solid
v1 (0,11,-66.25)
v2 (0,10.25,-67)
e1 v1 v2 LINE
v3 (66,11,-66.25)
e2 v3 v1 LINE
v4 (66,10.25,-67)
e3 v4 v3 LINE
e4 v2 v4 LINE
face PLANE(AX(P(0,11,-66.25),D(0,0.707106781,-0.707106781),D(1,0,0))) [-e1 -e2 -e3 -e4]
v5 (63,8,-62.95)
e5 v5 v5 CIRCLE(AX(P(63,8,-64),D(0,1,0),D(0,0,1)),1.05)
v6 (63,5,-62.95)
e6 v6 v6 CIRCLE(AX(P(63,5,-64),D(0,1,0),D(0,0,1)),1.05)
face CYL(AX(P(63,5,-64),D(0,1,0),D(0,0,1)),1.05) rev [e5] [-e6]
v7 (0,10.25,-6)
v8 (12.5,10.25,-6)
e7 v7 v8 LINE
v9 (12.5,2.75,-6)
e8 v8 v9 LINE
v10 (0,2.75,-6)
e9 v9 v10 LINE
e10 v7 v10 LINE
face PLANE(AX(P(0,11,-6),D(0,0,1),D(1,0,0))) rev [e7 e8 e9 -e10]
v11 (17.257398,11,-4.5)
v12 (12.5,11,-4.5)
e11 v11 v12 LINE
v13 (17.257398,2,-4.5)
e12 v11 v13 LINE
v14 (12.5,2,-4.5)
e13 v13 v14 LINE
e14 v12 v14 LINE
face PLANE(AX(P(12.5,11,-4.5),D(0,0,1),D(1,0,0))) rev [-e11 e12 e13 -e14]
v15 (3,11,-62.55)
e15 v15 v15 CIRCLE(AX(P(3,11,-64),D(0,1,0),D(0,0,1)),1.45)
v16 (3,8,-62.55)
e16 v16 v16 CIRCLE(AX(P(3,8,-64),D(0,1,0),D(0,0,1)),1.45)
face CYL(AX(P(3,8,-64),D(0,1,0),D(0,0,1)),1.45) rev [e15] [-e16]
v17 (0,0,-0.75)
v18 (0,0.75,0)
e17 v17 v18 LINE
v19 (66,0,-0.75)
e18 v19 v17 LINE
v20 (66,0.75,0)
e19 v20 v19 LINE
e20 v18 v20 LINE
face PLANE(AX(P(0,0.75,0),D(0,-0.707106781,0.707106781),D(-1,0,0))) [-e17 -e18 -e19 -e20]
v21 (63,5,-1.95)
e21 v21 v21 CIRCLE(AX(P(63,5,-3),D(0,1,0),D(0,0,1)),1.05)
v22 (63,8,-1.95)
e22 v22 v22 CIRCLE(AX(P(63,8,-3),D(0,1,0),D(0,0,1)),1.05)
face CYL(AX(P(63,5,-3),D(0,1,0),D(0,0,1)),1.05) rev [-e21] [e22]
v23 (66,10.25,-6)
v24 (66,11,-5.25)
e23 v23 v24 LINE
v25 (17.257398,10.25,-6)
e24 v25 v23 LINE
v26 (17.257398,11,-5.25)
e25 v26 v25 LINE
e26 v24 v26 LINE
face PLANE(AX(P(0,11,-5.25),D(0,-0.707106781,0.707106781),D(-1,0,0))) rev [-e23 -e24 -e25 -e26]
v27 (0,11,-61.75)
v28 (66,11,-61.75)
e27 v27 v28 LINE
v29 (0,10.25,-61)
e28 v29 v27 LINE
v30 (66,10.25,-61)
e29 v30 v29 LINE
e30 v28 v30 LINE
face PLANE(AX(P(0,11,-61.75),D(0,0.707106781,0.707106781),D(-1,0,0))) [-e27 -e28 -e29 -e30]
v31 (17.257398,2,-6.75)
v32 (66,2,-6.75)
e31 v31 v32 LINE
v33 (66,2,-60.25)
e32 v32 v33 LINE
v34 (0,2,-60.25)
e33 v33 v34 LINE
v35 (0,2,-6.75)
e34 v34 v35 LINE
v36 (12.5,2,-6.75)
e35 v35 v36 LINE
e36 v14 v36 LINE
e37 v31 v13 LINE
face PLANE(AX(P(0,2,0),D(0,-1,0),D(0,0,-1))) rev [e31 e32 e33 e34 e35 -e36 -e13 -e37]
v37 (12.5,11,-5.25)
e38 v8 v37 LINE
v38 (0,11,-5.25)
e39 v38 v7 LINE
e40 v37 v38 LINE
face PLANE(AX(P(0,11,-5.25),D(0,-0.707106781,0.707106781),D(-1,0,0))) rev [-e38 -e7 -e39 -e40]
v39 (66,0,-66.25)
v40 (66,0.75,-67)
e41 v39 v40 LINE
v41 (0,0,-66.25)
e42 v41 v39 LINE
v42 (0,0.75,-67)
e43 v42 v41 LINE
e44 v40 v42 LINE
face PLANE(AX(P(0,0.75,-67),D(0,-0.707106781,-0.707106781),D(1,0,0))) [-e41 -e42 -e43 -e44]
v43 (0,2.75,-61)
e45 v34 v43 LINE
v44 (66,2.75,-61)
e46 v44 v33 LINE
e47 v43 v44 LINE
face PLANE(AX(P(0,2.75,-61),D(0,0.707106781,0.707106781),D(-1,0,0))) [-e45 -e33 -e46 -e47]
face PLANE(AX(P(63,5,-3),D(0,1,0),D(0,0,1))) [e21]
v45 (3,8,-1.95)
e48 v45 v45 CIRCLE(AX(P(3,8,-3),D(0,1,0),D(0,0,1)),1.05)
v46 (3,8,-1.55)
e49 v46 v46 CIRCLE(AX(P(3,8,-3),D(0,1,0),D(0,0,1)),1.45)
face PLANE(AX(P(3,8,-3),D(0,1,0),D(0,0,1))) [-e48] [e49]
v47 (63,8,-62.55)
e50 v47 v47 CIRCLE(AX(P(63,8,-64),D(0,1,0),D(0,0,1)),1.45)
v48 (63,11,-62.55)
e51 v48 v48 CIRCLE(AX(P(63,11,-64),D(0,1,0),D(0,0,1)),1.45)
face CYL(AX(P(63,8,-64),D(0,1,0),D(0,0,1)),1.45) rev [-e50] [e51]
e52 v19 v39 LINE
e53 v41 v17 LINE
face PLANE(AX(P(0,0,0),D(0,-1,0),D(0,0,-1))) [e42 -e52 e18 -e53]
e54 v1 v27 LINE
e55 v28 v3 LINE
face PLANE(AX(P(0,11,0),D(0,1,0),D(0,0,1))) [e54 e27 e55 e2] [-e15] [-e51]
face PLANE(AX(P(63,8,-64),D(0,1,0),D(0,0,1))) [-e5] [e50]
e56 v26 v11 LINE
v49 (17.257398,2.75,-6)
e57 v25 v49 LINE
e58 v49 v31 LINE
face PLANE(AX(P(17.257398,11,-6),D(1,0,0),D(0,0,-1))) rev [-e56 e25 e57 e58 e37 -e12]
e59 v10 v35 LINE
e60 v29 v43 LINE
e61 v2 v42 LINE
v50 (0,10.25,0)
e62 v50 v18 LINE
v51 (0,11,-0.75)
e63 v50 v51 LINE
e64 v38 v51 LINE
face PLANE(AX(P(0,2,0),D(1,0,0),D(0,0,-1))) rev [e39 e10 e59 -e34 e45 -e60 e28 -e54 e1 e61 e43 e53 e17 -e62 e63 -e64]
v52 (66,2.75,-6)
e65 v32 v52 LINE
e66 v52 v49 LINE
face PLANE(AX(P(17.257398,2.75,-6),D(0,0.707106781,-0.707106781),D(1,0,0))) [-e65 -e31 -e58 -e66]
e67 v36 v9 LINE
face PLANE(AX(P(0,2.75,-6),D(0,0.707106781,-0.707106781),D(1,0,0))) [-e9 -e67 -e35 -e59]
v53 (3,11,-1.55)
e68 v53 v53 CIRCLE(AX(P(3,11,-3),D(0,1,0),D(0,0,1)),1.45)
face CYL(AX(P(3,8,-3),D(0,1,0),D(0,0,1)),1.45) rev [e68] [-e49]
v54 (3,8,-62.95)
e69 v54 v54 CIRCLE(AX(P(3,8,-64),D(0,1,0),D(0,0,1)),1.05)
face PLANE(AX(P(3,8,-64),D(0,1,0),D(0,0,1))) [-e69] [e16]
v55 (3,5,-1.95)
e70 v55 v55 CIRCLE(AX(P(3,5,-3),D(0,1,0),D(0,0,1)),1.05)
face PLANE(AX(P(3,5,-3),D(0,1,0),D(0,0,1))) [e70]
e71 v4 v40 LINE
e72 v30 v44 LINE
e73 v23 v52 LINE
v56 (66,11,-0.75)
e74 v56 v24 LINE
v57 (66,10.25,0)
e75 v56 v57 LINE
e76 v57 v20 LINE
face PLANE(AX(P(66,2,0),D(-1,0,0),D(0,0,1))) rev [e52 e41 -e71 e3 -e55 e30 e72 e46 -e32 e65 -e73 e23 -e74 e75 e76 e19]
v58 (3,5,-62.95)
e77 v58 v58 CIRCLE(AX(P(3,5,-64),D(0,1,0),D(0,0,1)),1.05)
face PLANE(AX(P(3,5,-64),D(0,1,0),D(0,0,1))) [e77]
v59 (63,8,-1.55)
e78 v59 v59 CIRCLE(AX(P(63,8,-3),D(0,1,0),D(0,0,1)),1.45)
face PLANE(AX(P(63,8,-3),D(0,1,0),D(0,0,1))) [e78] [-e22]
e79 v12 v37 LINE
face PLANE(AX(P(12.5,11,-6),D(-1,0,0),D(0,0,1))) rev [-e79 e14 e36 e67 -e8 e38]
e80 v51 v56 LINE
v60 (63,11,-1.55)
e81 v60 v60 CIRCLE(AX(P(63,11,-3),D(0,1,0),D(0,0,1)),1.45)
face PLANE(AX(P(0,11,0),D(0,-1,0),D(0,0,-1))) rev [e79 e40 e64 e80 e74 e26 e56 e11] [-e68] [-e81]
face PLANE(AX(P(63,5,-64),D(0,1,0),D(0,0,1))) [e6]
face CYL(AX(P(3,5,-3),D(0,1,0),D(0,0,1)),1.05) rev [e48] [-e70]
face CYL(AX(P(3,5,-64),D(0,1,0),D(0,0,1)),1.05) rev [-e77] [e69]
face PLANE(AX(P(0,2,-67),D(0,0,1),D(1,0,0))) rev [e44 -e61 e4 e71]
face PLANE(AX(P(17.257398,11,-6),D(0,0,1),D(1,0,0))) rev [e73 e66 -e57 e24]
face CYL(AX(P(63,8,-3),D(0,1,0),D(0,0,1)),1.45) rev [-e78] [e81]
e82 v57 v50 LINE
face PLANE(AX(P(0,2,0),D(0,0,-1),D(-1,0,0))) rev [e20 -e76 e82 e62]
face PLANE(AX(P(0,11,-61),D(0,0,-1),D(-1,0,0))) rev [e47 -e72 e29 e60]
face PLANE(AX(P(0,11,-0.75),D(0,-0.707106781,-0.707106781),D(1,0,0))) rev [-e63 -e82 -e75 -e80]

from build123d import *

# Parameters (mm, degrees)
SKETCH1_W           = 66
SKETCH1_H           = 67
BOSS_EXTRUDE1_DEPTH = 2
SKETCH2_W           = 66
SKETCH2_H           = 6
BOSS_EXTRUDE2_DEPTH = 9
SKETCH4_R           = 1.45
CUT_EXTRUDE1_DEPTH  = 3
SKETCH5_R           = 1.05
CUT_EXTRUDE2_DEPTH  = 3
CHAMFER1_SIZE       = 0.75


with BuildPart() as part:
    # Sketch1 → Boss-Extrude1 (new body)
    with BuildSketch(Plane(origin=(0, 0, 0), x_dir=(1, 0, 0), z_dir=(0, 1, 0))):
        with Locations((33, 33.5)):
            Rectangle(SKETCH1_W, SKETCH1_H)
    extrude(amount=BOSS_EXTRUDE1_DEPTH)

    # Sketch2 → Boss-Extrude2 (add)
    with BuildSketch(Plane(origin=(0, 2, 0), x_dir=(1, 0, 0), z_dir=(0, 1, 0))):
        with Locations((33, 64)):
            Rectangle(SKETCH2_W, SKETCH2_H)
        Polygon((17.257397729, 6), (66, 6), (66, 0), (0, 0), (0, 6), (12.5, 6), (12.5, 4.5), (17.257397729, 4.5), align=None)
    extrude(amount=BOSS_EXTRUDE2_DEPTH)

    # Sketch4 → Cut-Extrude1 (cut)
    with BuildSketch(Plane(origin=(0, 11, 0), x_dir=(1, 0, 0), z_dir=(0, 1, 0))):
        with Locations(Location((3, 64, 0), (0, 0, 270))):
            Circle(SKETCH4_R)
        with Locations(Location((63, 64, 0), (0, 0, 270))):
            Circle(SKETCH4_R)
        with Locations(Location((63, 3, 0), (0, 0, 270))):
            Circle(SKETCH4_R)
        with Locations(Location((3, 3, 0), (0, 0, 270))):
            Circle(SKETCH4_R)
    extrude(amount=-CUT_EXTRUDE1_DEPTH, mode=Mode.SUBTRACT)

    # Sketch5 → Cut-Extrude2 (cut)
    with BuildSketch(Plane(origin=(0, 8, 0), x_dir=(1, 0, 0), z_dir=(0, 1, 0))):
        with Locations(Location((3, 64, 0), (0, 0, 270))):
            Circle(SKETCH5_R)
        with Locations(Location((63, 64, 0), (0, 0, 270))):
            Circle(SKETCH5_R)
        with Locations(Location((63, 3, 0), (0, 0, 270))):
            Circle(SKETCH5_R)
        with Locations(Location((3, 3, 0), (0, 0, 270))):
            Circle(SKETCH5_R)
    extrude(amount=-CUT_EXTRUDE2_DEPTH, mode=Mode.SUBTRACT)

    # Chamfer1
    chamfer1_edges = [part.edges().sort_by_distance(p)[0] for p in [
        (33, 2, -61),
        (33, 11, -61),
        (33, 11, -67),
        (41.628698864, 2, -6),
        (6.25, 2, -6),
        (33, 11, 0),
        (41.628698864, 11, -6),
        (6.25, 11, -6),
        (33, 0, -67),
        (33, 0, 0),
    ]]
    chamfer(chamfer1_edges, length=CHAMFER1_SIZE)


solid = part.part
